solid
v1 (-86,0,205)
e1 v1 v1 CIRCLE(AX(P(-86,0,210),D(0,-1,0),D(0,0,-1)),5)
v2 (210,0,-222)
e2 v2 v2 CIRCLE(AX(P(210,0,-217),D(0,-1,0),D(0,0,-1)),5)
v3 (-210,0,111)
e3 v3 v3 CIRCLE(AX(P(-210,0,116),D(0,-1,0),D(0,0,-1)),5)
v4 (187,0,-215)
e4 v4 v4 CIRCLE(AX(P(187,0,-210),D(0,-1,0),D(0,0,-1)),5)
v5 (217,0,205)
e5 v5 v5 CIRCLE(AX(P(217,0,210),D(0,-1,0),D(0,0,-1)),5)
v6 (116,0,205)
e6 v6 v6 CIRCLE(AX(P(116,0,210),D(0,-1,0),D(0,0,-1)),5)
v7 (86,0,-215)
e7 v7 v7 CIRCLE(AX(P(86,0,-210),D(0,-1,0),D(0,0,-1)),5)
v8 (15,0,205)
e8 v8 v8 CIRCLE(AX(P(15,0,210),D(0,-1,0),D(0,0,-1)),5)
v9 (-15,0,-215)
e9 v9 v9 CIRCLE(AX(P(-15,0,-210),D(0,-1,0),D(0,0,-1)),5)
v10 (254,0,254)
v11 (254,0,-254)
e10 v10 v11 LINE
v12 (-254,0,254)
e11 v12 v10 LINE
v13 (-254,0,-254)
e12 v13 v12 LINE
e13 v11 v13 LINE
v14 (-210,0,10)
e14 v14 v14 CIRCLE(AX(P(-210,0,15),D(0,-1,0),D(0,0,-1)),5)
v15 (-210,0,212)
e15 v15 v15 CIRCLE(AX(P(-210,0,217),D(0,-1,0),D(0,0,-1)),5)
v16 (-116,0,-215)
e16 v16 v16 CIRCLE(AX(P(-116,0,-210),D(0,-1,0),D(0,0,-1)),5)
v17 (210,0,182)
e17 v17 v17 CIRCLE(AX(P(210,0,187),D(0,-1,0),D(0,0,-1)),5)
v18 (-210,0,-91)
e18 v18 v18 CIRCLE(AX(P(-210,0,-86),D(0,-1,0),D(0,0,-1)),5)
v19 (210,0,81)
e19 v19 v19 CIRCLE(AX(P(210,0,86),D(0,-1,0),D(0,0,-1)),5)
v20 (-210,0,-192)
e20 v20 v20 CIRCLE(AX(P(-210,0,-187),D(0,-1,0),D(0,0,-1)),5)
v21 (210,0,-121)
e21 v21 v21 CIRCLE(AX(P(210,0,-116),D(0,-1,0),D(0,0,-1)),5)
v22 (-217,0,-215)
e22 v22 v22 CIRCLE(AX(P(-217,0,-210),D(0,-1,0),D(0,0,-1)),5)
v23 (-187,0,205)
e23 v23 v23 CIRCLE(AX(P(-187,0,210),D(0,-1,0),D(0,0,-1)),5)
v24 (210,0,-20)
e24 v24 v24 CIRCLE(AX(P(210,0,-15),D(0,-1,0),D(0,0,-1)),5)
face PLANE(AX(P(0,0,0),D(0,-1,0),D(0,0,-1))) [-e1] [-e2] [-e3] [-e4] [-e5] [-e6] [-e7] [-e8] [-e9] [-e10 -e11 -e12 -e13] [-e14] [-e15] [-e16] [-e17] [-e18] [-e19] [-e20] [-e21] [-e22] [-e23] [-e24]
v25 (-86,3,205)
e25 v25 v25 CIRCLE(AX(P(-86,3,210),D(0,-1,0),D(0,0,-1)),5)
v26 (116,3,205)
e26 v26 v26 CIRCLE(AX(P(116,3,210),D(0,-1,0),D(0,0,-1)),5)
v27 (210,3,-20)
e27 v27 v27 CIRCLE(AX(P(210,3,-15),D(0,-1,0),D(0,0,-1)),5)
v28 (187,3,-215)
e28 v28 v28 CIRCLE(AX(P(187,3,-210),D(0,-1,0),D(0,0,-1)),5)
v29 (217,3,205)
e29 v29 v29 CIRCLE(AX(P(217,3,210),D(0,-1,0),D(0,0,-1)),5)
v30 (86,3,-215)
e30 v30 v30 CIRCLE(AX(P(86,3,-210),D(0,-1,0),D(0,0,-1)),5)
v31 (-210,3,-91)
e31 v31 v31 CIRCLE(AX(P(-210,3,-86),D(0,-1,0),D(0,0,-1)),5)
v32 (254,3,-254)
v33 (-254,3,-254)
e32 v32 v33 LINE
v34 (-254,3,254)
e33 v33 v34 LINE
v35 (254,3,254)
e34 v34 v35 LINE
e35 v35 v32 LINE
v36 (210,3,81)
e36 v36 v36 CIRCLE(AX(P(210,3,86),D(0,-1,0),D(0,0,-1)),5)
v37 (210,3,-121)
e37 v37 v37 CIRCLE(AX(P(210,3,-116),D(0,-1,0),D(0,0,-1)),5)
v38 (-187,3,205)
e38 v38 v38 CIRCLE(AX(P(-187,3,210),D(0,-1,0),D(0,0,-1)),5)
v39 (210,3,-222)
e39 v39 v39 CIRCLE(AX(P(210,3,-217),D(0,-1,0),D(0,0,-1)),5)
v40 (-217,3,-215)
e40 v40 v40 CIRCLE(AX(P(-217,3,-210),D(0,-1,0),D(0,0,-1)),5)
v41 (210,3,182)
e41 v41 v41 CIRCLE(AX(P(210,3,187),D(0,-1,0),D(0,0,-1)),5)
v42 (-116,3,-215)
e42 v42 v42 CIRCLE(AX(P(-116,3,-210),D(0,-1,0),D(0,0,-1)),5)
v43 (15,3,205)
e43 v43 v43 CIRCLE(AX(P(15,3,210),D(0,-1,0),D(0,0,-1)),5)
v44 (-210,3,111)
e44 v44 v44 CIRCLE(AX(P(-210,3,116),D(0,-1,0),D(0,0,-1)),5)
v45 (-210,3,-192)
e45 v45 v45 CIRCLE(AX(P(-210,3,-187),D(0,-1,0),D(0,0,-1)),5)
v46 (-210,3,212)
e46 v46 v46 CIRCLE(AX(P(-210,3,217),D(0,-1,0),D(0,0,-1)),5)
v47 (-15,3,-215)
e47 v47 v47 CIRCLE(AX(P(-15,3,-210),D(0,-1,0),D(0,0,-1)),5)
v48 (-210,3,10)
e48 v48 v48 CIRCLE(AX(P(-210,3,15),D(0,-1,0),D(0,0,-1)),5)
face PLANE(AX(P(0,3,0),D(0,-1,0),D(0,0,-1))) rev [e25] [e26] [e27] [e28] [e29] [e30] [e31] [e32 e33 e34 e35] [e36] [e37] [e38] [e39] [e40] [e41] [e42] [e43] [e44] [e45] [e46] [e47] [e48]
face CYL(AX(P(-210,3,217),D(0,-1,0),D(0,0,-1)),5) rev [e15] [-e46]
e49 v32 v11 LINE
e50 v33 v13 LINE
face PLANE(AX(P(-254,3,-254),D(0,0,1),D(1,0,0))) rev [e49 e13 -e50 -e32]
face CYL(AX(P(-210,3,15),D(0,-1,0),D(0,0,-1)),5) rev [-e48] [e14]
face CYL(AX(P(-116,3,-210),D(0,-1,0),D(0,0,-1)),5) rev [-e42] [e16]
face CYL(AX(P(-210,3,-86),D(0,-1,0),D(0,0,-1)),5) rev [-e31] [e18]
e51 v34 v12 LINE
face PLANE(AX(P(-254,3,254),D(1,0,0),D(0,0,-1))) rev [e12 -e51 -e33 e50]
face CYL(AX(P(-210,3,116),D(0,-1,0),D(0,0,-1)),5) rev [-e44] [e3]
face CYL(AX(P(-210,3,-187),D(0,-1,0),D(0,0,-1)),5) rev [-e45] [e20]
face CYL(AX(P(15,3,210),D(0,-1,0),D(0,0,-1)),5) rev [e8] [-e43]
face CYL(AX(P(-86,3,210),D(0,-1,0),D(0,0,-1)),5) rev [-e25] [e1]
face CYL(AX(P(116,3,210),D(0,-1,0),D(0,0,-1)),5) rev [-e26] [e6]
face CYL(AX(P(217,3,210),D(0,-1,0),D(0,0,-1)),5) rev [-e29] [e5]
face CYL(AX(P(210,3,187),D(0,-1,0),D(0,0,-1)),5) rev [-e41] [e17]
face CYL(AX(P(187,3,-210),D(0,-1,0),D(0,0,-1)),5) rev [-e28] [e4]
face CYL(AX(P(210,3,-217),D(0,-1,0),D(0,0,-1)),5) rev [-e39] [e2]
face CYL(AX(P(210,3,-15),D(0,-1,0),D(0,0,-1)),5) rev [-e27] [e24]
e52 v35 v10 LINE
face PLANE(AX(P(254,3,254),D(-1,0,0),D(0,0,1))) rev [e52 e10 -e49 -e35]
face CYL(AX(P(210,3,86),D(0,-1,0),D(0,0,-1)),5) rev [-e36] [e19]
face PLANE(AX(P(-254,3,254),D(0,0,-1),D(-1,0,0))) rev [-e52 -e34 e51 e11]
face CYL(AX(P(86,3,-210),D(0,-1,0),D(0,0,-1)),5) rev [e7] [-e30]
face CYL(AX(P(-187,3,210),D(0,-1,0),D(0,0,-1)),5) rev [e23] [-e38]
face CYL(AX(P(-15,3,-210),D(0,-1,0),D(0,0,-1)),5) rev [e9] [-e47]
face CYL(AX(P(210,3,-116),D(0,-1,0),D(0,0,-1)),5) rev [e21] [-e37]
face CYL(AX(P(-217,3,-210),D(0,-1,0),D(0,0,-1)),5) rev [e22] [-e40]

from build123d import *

# Parameters (mm, degrees)
SKETCH1_W           = 508
SKETCH1_H           = 508
BOSS_EXTRUDE1_DEPTH = 3
SKETCH3_R           = 5
CUT_EXTRUDE1_DEPTH  = 3


with BuildPart() as part:
    # Sketch1 → Boss-Extrude1 (new body)
    with BuildSketch(Plane(origin=(0, 0, 0), x_dir=(1, 0, 0), z_dir=(0, 1, 0))):
        Rectangle(SKETCH1_W, SKETCH1_H)
    extrude(amount=BOSS_EXTRUDE1_DEPTH)

    # Sketch3 → Cut-Extrude1 (cut)
    with BuildSketch(Plane.XZ):
        with Locations((217, 210)):
            Circle(SKETCH3_R)
        with Locations((116, 210)):
            Circle(SKETCH3_R)
        with Locations((15, 210)):
            Circle(SKETCH3_R)
        with Locations((-86, 210)):
            Circle(SKETCH3_R)
        with Locations((-187, 210)):
            Circle(SKETCH3_R)
        with Locations((-210, 217)):
            Circle(SKETCH3_R)
        with Locations((-210, 116)):
            Circle(SKETCH3_R)
        with Locations((-210, 15)):
            Circle(SKETCH3_R)
        with Locations((-210, -86)):
            Circle(SKETCH3_R)
        with Locations((-210, -187)):
            Circle(SKETCH3_R)
        with Locations((-217, -210)):
            Circle(SKETCH3_R)
        with Locations((-116, -210)):
            Circle(SKETCH3_R)
        with Locations((-15, -210)):
            Circle(SKETCH3_R)
        with Locations((86, -210)):
            Circle(SKETCH3_R)
        with Locations((187, -210)):
            Circle(SKETCH3_R)
        with Locations((210, -217)):
            Circle(SKETCH3_R)
        with Locations((210, -116)):
            Circle(SKETCH3_R)
        with Locations((210, -15)):
            Circle(SKETCH3_R)
        with Locations((210, 86)):
            Circle(SKETCH3_R)
        with Locations((210, 187)):
            Circle(SKETCH3_R)
    extrude(amount=-CUT_EXTRUDE1_DEPTH, mode=Mode.SUBTRACT)


solid = part.part
